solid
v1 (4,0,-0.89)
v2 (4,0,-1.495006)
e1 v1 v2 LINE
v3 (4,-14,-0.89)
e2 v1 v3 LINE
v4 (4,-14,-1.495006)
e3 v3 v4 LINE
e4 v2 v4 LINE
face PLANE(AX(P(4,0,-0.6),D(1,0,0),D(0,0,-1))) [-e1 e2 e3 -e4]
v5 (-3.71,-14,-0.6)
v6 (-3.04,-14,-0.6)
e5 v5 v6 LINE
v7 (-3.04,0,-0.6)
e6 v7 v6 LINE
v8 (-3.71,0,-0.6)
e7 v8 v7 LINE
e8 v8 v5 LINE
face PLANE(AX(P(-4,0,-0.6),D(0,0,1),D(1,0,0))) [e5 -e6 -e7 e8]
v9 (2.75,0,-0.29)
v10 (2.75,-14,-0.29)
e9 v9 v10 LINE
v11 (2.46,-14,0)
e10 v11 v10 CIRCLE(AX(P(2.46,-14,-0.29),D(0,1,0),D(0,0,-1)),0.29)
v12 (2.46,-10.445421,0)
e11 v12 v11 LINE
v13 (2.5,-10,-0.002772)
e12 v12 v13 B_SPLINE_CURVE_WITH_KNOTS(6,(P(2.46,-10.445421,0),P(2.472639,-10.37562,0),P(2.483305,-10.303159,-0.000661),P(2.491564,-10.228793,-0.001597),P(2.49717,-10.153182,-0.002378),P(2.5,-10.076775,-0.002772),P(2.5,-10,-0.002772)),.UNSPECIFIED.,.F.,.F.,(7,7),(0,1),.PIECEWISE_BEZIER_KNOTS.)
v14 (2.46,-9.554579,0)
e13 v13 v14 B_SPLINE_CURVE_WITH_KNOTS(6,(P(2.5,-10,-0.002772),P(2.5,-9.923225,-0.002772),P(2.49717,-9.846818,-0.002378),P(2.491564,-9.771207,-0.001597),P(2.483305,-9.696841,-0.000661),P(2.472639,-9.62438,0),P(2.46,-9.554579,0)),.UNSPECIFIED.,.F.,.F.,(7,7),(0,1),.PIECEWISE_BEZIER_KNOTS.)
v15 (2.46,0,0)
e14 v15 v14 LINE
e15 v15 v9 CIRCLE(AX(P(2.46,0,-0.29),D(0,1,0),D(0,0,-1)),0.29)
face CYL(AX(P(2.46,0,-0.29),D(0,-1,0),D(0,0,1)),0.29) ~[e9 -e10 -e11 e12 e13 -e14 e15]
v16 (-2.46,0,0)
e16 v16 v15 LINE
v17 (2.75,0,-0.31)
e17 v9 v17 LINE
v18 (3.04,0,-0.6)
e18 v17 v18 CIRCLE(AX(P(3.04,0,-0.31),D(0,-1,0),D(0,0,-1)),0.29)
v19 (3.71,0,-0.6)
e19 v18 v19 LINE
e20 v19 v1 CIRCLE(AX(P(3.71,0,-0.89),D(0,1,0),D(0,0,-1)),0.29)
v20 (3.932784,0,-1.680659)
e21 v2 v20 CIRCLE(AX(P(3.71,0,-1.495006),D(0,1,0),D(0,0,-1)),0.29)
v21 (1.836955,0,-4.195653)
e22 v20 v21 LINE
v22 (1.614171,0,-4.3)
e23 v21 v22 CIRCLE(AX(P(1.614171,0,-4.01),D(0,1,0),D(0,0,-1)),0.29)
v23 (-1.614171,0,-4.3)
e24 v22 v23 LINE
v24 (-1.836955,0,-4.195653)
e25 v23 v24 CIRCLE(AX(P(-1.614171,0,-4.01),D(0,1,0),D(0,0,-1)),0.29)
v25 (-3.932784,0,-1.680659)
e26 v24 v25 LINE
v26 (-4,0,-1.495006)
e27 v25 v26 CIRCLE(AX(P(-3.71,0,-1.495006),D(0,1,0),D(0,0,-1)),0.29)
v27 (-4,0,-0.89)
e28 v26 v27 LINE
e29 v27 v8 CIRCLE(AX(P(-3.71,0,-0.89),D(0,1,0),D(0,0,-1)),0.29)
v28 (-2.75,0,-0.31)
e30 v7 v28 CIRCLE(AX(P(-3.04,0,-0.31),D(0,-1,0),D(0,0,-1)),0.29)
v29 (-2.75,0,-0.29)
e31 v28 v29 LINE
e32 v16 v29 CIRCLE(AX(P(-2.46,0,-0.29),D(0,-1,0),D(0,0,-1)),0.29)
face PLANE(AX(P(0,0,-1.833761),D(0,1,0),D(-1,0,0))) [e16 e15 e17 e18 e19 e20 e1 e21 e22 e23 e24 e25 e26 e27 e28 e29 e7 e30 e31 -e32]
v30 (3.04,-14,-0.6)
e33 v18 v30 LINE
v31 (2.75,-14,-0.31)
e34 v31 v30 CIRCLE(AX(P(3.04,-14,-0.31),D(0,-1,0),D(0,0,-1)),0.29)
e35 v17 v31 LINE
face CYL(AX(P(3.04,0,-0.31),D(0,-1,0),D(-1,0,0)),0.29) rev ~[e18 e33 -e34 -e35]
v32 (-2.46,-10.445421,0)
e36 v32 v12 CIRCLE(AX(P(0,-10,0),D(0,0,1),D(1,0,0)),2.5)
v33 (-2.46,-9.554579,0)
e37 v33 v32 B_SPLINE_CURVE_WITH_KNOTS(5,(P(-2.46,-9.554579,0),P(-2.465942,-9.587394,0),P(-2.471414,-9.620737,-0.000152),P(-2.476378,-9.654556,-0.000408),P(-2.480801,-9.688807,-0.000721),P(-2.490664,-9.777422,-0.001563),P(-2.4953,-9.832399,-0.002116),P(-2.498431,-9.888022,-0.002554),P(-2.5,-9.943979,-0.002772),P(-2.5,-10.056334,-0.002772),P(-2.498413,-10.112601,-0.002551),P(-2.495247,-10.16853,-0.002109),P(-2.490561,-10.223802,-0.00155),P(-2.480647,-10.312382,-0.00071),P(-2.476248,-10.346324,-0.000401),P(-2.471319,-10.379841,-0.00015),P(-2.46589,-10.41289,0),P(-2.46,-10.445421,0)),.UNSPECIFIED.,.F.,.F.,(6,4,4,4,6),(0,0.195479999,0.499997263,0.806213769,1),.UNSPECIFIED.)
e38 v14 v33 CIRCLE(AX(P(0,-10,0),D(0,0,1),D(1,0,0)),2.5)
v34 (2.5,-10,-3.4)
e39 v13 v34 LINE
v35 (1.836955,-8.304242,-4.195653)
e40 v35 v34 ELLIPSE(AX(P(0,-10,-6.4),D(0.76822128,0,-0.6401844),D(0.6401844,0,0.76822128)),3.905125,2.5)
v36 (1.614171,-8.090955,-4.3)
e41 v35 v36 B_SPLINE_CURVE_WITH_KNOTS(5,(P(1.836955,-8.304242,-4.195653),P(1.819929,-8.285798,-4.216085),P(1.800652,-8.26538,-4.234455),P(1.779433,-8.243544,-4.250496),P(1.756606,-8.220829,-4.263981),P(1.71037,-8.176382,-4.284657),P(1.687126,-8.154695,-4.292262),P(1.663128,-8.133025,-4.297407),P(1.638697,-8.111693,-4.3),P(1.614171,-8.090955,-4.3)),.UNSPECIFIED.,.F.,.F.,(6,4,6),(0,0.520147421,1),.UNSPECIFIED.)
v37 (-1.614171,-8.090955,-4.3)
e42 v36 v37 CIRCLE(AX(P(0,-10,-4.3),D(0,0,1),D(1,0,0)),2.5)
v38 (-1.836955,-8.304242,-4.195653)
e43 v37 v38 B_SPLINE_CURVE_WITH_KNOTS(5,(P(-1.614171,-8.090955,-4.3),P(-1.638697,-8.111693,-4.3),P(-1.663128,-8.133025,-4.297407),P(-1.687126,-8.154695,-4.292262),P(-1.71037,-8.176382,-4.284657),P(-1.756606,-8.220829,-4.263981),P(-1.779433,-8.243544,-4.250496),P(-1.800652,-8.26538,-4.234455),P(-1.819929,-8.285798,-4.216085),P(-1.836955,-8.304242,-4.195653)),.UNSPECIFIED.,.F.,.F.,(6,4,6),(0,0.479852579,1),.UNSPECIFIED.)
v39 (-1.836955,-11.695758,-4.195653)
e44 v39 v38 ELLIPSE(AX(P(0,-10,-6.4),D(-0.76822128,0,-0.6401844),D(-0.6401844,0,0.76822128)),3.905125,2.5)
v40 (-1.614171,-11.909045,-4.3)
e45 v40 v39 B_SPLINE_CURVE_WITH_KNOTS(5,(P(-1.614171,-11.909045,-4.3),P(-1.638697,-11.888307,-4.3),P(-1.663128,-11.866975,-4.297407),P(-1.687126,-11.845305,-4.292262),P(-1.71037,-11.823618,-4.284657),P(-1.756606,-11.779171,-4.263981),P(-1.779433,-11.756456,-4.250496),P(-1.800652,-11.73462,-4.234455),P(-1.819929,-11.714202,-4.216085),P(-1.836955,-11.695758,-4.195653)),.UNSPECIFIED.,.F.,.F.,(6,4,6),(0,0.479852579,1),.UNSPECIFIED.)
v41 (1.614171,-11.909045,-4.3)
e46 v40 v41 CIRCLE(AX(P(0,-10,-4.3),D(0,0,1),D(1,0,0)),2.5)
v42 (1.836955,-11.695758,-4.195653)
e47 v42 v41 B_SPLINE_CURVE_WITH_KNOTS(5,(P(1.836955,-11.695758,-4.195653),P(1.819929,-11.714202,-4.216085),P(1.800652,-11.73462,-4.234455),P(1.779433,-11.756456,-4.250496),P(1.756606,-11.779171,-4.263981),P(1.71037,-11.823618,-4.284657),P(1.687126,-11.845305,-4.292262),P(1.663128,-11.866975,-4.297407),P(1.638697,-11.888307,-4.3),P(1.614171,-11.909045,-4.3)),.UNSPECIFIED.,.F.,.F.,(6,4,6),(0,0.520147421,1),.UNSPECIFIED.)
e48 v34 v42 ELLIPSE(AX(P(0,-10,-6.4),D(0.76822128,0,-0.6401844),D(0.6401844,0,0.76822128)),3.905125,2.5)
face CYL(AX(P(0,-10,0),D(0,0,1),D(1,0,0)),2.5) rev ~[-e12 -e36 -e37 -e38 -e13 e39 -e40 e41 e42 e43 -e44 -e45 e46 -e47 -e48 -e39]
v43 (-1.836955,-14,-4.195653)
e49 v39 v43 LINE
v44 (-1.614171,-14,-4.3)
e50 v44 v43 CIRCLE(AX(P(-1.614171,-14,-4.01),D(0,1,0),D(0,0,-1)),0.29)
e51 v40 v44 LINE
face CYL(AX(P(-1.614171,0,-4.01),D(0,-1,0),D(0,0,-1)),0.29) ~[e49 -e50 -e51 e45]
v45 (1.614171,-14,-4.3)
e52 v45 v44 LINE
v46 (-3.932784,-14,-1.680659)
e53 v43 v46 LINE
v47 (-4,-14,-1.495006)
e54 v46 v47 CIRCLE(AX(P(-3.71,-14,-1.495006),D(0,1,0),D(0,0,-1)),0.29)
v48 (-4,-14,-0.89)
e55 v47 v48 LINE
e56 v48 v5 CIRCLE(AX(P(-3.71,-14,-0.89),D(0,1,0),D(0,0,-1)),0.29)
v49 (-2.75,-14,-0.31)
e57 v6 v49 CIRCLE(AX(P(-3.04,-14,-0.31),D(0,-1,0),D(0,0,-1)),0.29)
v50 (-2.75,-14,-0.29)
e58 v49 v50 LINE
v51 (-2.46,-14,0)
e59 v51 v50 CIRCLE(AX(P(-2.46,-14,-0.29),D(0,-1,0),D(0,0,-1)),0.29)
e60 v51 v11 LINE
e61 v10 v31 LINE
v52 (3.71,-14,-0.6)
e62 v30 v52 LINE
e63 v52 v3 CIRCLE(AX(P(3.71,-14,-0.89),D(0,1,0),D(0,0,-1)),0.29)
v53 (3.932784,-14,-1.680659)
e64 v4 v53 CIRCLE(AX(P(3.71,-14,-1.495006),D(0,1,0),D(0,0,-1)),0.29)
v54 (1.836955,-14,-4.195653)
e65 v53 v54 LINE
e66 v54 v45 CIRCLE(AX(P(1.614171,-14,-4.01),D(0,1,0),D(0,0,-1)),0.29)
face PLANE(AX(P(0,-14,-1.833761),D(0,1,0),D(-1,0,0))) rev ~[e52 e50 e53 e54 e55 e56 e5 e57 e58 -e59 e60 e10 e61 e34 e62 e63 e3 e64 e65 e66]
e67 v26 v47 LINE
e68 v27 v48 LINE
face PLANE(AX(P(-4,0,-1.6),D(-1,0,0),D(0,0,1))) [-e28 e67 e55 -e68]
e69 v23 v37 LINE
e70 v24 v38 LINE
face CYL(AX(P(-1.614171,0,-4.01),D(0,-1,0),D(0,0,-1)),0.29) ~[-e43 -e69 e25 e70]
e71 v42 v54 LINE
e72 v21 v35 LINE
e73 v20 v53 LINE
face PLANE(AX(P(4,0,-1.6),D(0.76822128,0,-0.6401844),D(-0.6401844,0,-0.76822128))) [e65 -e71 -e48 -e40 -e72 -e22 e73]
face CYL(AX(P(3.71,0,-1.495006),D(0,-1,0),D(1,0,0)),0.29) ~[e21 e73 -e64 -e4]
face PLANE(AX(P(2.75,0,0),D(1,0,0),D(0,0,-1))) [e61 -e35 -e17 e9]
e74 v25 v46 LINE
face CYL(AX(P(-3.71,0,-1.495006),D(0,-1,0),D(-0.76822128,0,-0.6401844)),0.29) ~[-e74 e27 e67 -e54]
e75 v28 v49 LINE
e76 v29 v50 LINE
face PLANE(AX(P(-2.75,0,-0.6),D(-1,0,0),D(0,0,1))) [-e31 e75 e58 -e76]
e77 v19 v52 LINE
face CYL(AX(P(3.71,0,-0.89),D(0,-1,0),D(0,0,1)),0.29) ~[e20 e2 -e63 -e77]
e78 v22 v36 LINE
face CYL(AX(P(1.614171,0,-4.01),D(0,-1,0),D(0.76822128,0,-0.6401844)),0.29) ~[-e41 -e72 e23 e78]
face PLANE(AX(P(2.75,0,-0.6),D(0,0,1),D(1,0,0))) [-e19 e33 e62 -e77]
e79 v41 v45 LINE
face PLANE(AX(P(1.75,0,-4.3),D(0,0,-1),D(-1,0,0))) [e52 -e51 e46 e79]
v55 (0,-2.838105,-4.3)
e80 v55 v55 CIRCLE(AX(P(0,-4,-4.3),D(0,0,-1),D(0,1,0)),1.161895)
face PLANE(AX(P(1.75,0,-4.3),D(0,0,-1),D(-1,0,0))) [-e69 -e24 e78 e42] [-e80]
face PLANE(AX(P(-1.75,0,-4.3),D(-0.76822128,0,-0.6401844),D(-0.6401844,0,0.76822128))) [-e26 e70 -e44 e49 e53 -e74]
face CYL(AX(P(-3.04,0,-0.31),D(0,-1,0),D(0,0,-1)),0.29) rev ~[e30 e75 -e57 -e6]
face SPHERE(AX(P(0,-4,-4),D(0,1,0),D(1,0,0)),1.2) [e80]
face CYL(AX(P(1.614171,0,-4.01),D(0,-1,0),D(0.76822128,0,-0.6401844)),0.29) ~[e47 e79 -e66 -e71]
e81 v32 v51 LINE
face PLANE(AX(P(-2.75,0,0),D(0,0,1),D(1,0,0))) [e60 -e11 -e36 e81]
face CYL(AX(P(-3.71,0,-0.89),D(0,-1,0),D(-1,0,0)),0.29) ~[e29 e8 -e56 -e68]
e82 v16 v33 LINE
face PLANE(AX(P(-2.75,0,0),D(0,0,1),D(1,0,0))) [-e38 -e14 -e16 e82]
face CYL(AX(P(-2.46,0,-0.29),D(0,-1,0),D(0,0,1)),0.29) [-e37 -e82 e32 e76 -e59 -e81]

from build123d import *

# Parameters (mm, degrees)
PAD_DEPTH    = 14
FILLET_R     = 0.29
SKETCH001_R  = 2.5
POCKET_DEPTH = 4.301


with BuildPart() as part:
    # Sketch → Pad (new body)
    with BuildSketch(Plane.XZ):
        Polygon((-2.75, 0), (2.75, 0), (2.75, -0.6), (4, -0.6), (4, -1.6), (1.75, -4.3), (-1.75, -4.3), (-4, -1.6), (-4, -0.6), (-2.75, -0.6), align=None)
    extrude(amount=PAD_DEPTH)

    # Fillet
    fillet_edges = [part.edges().sort_by_distance(p)[0] for p in [
        (1.75, -7, -4.3),
        (4, -7, -1.6),
        (4, -7, -0.6),
        (-1.75, -7, -4.3),
        (-4, -7, -1.6),
        (-4, -7, -0.6),
        (2.75, -7, -0.6),
        (2.75, -7, 0),
        (-2.75, -7, -0.6),
        (-2.75, -7, 0),
    ]]
    fillet(fillet_edges, radius=FILLET_R)

    # Sketch001 → Pocket (cut, through all)
    with BuildSketch(Plane.XY):
        with Locations((0, -10)):
            Circle(SKETCH001_R)
    extrude(amount=-POCKET_DEPTH, mode=Mode.SUBTRACT)

    # Sphere → Sphere (revolve)
    with BuildSketch(Plane(origin=(0, -4, -4), x_dir=(1, 0, 0), z_dir=(0, 0, 1))):
        with BuildLine():
            ThreePointArc((0, -1.2), (1.2, 0), (0, 1.2))
            Line((0, 1.2), (0, -1.2))
        make_face()
    revolve(axis=Axis((0, -4, -4), (0, 1, 0)))


solid = part.part
